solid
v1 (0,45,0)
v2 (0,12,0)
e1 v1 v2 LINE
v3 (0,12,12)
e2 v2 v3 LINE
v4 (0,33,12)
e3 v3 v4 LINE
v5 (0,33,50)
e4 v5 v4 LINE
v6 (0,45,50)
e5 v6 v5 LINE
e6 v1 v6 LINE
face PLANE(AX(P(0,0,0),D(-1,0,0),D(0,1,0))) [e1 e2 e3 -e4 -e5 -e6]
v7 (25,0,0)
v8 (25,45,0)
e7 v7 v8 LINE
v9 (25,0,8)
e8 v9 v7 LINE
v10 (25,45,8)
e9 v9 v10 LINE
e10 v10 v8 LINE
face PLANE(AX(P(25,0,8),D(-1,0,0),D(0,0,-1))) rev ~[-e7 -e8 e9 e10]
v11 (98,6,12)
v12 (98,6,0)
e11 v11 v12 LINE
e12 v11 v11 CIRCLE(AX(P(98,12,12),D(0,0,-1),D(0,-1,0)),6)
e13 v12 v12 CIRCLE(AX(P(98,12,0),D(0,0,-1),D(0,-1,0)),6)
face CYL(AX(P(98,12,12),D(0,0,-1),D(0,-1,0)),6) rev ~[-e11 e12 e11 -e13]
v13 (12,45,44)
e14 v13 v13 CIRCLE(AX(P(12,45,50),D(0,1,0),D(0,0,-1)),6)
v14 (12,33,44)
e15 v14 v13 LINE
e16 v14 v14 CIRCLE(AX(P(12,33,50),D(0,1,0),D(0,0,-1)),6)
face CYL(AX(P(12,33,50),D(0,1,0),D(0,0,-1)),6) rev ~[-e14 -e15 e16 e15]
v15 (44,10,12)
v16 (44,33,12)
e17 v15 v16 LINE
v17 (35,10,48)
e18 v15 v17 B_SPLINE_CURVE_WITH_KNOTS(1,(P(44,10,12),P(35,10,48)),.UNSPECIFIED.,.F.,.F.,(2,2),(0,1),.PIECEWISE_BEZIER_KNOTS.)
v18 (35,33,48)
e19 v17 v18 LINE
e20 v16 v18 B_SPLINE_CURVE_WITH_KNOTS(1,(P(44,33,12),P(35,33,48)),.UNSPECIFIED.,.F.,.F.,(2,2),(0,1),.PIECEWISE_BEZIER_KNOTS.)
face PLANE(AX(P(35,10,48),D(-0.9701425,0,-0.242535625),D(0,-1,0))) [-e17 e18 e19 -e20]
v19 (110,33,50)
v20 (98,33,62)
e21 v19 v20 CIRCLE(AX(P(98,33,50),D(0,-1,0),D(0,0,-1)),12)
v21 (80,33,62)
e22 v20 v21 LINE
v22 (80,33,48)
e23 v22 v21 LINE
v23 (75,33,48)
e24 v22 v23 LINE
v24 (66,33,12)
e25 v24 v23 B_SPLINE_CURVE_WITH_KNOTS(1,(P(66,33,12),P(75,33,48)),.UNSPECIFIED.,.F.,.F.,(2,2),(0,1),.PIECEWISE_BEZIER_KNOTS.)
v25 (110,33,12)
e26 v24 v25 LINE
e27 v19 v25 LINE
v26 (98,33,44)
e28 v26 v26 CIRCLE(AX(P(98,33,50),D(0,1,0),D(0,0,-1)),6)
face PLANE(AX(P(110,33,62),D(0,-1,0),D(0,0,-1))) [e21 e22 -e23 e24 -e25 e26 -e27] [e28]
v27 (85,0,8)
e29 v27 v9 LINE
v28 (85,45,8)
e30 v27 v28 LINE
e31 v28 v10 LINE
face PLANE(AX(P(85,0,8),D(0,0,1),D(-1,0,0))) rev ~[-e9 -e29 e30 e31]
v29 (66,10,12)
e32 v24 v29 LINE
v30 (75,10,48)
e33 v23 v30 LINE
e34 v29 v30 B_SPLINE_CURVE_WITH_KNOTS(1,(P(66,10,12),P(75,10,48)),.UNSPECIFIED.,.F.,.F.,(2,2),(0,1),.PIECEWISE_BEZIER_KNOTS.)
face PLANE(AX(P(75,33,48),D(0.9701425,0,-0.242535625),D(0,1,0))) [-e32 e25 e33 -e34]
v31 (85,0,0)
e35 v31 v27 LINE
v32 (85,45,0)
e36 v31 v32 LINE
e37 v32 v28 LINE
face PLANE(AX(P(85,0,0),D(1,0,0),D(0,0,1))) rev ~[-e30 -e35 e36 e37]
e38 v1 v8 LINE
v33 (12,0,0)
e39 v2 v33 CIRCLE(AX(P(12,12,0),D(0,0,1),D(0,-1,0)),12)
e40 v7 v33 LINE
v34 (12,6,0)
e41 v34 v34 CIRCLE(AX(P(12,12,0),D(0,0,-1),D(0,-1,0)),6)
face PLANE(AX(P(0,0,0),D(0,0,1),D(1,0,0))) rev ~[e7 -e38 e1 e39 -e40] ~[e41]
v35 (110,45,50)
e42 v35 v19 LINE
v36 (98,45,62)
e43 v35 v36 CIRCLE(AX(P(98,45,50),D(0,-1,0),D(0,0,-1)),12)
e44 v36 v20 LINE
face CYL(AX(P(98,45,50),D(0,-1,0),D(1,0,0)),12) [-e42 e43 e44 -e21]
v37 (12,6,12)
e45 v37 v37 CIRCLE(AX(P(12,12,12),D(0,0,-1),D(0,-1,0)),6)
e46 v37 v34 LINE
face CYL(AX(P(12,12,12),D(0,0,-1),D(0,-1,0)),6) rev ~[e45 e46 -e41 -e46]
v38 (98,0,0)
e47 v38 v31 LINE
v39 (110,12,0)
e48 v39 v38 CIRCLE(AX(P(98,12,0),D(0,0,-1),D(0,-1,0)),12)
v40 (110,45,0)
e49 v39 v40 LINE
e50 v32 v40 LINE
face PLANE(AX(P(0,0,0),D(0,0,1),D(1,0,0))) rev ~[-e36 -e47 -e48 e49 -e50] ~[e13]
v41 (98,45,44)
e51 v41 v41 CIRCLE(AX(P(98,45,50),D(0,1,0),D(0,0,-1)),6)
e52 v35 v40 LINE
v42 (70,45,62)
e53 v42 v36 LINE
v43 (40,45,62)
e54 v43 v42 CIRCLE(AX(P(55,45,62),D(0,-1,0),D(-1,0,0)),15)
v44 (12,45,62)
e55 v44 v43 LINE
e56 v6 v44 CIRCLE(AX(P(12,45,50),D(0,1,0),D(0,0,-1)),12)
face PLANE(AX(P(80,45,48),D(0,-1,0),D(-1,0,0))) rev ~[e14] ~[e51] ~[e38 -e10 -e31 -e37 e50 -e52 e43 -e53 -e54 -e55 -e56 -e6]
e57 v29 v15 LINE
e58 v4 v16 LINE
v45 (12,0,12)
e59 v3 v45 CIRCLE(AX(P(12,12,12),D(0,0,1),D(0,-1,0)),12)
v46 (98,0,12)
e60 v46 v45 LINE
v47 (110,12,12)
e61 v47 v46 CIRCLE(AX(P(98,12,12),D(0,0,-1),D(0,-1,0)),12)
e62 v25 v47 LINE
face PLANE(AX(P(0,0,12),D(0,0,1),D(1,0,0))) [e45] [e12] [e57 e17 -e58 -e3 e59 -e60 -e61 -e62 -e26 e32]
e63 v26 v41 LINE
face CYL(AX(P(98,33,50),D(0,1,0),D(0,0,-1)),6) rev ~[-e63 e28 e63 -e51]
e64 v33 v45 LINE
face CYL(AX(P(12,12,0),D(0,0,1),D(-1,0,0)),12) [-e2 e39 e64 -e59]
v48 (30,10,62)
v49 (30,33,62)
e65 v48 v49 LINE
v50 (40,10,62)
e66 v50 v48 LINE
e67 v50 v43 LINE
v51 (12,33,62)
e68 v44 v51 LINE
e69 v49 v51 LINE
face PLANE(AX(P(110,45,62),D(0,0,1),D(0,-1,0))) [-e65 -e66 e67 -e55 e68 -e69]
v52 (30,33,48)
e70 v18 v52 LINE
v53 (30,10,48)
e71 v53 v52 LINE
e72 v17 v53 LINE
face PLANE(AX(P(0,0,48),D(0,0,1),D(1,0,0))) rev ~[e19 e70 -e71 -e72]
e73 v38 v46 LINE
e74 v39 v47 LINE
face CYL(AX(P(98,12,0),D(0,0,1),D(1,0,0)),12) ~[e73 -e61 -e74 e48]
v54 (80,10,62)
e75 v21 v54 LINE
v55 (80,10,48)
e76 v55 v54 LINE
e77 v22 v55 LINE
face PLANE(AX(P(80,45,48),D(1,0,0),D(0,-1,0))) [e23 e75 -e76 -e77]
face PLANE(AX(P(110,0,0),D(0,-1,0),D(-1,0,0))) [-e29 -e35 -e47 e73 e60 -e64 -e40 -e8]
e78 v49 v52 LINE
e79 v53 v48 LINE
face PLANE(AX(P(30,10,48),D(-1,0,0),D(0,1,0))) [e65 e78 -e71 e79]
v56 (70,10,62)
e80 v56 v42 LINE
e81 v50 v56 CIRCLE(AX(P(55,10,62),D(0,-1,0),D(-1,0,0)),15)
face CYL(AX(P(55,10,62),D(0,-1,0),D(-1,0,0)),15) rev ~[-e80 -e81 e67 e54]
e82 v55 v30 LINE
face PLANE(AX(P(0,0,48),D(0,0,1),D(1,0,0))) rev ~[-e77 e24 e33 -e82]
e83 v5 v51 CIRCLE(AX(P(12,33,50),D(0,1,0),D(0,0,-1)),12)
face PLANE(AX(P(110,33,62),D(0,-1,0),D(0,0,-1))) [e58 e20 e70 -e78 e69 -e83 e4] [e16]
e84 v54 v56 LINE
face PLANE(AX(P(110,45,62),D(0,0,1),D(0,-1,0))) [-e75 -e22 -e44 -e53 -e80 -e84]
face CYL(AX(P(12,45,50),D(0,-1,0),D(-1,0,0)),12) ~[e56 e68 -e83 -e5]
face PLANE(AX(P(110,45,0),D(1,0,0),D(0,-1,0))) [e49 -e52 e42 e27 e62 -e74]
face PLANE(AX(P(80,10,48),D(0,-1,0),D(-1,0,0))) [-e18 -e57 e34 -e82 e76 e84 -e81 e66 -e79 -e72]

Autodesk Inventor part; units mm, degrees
ref_plane "YZ Plane" through (0, 0, 0) normal (1, 0, 0) x (0, 1, 0)
ref_plane "XZ Plane" through (0, 0, 0) normal (0, 1, 0) x (-1, 0, 0)
sketch "Skizze1" plane through (0, 0, 0) normal (0, 0, 1) x (1, 0, 0)
  line L0 (0, 45) -> (110, 45)
  line L1 (110, 45) -> (110, 0)
  line L2 (110, 0) -> (0, 0)
  line L3 (0, 0) -> (0, 45)
  dimension "d0" = 110
  dimension "d1" = 45
extrude "Extrusion1" add sketch "Skizze1" along normal blind 12
sketch "Skizze2" plane through (110, 0, 0) normal (1, 0, 0) x (0, 0, -1)
  line L0 (0, 45) -> (-12, 45) projected
  line L1 (0, 45) -> (-62, 45)
  line L2 (-62, 45) -> (-62, 33)
  line L3 (-62, 33) -> (0, 33)
  line L4 (0, 33) -> (0, 45)
  point P0 (0, 0)
  dimension "d4" = 12
  dimension "d5" = 62
extrude "Extrusion2" add sketch "Skizze2" against normal up to surface (110 mm away)
fillet "Rundung1" radius 12 4 edges at (110, 0, 6) (0, 0, 6) (0, 39, 62) (110, 39, 62)
ref_plane "Arbeitsebene1" through (0, 0, 48) normal (0, 0, 1) x (1, 0, 0)
sketch "Skizze5" plane through (0, 0, 48) normal (0, 0, 1) x (1, 0, 0)
  line L0 (110, 45) -> (0, 45) projected
  line L1 (30, 45) -> (80, 45)
  line L2 (80, 45) -> (80, 10)
  line L3 (80, 10) -> (30, 10)
  line L4 (30, 10) -> (30, 45)
  line L5 (12, 0) -> (98, 0) projected
  point P0 (0, 0)
  point P1 (55, 10)
  point P2 (55, 0)
  dimension "d12" = 50
  dimension "d13" = 35
extrude "Extrusion4" add sketch "Skizze5" along normal up to surface (14 mm away)
sketch "Skizze3" plane through (0, 0, 12) normal (0, 0, 1) x (1, 0, 0)
  line L0 (98, 33) -> (12, 33) projected
  line L1 (44, 33) -> (66, 33)
  line L2 (66, 33) -> (66, 10)
  line L3 (66, 10) -> (44, 10)
  line L4 (44, 10) -> (44, 33)
  line L5 (12, 0) -> (98, 0) projected
  point P0 (0, 0)
  point P1 (55, 10)
  point P2 (55, 0)
  dimension "d9" = 22
  dimension "d10" = 23
sketch "Skizze9" plane through (0, 0, 48) normal (0, 0, -1) x (-1, 0, 0)
  line L0 (-80, 10) -> (-30, 10) projected
  line L1 (-35, 33) -> (-75, 33)
  line L2 (-75, 33) -> (-75, 10)
  line L3 (-75, 10) -> (-35, 10)
  line L4 (-35, 10) -> (-35, 33)
  line L5 (-98, 45) -> (-12, 45) projected
  point P0 (0, 0)
  point P1 (-55, 33)
  point P2 (-55, 45)
  dimension "d30" = 40
  dimension "d31" = 23
loft "Erhebung3" add profiles "Skizze3", "Skizze9"
sketch "Skizze10" plane through (30, 10, 62) normal (0, -1, 0) x (1, 0, 0)
  line L0 (68, 0) -> (-18, 0) projected
  arc A0 (10, 0) -> (40, 0) centre (25, 0) ccw
  line L1 (0, -14) -> (0, 0) projected
  line L2 (50, -14) -> (50, 0) projected
  point P0 (-30, -62)
  dimension "d38" = 30
  dimension "d39" = 10
extrude "Extrusion5" cut sketch "Skizze10" against normal up to surface (35 mm away)
sketch "Skizze11" plane through (0, 33, 12) normal (0, -1, 0) x (1, 0, 0)
  arc A0 (12, 50) -> (0, 38) centre (12, 38) ccw projected
  point P0 (0, -12)
hole "Bohrung1" at (12, 33, 50) direction (0, 1, 0) diameter 12 depth 12
sketch "Skizze12" plane through (110, 33, 12) normal (0, -1, 0) x (1, 0, 0)
  arc A0 (0, 38) -> (-12, 50) centre (-12, 38) ccw projected
  point P0 (-110, -12)
hole "Bohrung2" at (98, 33, 50) direction (0, 1, 0) diameter 12 depth 12
sketch "Skizze13" plane through (0, 0, 12) normal (0, 0, 1) x (1, 0, 0)
  arc A0 (98, 0) -> (110, 12) centre (98, 12) ccw projected
  point P0 (0, 0)
hole "Bohrung3" at (98, 12, 12) direction (0, 0, -1) diameter 12 depth 12
sketch "Skizze14" plane through (0, 0, 12) normal (0, 0, 1) x (1, 0, 0)
  arc A0 (0, 12) -> (12, 0) centre (12, 12) ccw projected
  point P0 (0, 0)
hole "Bohrung4" at (12, 12, 12) direction (0, 0, -1) diameter 12 depth 12
sketch "Skizze15" plane through (12, 0, 0) normal (0, -1, 0) x (1, 0, 0)
  line L0 (0, 0) -> (86, 0) projected
  line L1 (13, 0) -> (73, 0)
  line L2 (73, 0) -> (73, 8)
  line L3 (73, 8) -> (13, 8)
  line L4 (13, 8) -> (13, 0)
  line L5 (-12, 12) -> (-12, 0) projected
  dimension "d70" = 60
  dimension "d71" = 25
  dimension "d72" = 8
extrude "Extrusion6" cut sketch "Skizze15" against normal up to surface (45 mm away)
properties part number "manu" material "Stahl, galvanisiert"
